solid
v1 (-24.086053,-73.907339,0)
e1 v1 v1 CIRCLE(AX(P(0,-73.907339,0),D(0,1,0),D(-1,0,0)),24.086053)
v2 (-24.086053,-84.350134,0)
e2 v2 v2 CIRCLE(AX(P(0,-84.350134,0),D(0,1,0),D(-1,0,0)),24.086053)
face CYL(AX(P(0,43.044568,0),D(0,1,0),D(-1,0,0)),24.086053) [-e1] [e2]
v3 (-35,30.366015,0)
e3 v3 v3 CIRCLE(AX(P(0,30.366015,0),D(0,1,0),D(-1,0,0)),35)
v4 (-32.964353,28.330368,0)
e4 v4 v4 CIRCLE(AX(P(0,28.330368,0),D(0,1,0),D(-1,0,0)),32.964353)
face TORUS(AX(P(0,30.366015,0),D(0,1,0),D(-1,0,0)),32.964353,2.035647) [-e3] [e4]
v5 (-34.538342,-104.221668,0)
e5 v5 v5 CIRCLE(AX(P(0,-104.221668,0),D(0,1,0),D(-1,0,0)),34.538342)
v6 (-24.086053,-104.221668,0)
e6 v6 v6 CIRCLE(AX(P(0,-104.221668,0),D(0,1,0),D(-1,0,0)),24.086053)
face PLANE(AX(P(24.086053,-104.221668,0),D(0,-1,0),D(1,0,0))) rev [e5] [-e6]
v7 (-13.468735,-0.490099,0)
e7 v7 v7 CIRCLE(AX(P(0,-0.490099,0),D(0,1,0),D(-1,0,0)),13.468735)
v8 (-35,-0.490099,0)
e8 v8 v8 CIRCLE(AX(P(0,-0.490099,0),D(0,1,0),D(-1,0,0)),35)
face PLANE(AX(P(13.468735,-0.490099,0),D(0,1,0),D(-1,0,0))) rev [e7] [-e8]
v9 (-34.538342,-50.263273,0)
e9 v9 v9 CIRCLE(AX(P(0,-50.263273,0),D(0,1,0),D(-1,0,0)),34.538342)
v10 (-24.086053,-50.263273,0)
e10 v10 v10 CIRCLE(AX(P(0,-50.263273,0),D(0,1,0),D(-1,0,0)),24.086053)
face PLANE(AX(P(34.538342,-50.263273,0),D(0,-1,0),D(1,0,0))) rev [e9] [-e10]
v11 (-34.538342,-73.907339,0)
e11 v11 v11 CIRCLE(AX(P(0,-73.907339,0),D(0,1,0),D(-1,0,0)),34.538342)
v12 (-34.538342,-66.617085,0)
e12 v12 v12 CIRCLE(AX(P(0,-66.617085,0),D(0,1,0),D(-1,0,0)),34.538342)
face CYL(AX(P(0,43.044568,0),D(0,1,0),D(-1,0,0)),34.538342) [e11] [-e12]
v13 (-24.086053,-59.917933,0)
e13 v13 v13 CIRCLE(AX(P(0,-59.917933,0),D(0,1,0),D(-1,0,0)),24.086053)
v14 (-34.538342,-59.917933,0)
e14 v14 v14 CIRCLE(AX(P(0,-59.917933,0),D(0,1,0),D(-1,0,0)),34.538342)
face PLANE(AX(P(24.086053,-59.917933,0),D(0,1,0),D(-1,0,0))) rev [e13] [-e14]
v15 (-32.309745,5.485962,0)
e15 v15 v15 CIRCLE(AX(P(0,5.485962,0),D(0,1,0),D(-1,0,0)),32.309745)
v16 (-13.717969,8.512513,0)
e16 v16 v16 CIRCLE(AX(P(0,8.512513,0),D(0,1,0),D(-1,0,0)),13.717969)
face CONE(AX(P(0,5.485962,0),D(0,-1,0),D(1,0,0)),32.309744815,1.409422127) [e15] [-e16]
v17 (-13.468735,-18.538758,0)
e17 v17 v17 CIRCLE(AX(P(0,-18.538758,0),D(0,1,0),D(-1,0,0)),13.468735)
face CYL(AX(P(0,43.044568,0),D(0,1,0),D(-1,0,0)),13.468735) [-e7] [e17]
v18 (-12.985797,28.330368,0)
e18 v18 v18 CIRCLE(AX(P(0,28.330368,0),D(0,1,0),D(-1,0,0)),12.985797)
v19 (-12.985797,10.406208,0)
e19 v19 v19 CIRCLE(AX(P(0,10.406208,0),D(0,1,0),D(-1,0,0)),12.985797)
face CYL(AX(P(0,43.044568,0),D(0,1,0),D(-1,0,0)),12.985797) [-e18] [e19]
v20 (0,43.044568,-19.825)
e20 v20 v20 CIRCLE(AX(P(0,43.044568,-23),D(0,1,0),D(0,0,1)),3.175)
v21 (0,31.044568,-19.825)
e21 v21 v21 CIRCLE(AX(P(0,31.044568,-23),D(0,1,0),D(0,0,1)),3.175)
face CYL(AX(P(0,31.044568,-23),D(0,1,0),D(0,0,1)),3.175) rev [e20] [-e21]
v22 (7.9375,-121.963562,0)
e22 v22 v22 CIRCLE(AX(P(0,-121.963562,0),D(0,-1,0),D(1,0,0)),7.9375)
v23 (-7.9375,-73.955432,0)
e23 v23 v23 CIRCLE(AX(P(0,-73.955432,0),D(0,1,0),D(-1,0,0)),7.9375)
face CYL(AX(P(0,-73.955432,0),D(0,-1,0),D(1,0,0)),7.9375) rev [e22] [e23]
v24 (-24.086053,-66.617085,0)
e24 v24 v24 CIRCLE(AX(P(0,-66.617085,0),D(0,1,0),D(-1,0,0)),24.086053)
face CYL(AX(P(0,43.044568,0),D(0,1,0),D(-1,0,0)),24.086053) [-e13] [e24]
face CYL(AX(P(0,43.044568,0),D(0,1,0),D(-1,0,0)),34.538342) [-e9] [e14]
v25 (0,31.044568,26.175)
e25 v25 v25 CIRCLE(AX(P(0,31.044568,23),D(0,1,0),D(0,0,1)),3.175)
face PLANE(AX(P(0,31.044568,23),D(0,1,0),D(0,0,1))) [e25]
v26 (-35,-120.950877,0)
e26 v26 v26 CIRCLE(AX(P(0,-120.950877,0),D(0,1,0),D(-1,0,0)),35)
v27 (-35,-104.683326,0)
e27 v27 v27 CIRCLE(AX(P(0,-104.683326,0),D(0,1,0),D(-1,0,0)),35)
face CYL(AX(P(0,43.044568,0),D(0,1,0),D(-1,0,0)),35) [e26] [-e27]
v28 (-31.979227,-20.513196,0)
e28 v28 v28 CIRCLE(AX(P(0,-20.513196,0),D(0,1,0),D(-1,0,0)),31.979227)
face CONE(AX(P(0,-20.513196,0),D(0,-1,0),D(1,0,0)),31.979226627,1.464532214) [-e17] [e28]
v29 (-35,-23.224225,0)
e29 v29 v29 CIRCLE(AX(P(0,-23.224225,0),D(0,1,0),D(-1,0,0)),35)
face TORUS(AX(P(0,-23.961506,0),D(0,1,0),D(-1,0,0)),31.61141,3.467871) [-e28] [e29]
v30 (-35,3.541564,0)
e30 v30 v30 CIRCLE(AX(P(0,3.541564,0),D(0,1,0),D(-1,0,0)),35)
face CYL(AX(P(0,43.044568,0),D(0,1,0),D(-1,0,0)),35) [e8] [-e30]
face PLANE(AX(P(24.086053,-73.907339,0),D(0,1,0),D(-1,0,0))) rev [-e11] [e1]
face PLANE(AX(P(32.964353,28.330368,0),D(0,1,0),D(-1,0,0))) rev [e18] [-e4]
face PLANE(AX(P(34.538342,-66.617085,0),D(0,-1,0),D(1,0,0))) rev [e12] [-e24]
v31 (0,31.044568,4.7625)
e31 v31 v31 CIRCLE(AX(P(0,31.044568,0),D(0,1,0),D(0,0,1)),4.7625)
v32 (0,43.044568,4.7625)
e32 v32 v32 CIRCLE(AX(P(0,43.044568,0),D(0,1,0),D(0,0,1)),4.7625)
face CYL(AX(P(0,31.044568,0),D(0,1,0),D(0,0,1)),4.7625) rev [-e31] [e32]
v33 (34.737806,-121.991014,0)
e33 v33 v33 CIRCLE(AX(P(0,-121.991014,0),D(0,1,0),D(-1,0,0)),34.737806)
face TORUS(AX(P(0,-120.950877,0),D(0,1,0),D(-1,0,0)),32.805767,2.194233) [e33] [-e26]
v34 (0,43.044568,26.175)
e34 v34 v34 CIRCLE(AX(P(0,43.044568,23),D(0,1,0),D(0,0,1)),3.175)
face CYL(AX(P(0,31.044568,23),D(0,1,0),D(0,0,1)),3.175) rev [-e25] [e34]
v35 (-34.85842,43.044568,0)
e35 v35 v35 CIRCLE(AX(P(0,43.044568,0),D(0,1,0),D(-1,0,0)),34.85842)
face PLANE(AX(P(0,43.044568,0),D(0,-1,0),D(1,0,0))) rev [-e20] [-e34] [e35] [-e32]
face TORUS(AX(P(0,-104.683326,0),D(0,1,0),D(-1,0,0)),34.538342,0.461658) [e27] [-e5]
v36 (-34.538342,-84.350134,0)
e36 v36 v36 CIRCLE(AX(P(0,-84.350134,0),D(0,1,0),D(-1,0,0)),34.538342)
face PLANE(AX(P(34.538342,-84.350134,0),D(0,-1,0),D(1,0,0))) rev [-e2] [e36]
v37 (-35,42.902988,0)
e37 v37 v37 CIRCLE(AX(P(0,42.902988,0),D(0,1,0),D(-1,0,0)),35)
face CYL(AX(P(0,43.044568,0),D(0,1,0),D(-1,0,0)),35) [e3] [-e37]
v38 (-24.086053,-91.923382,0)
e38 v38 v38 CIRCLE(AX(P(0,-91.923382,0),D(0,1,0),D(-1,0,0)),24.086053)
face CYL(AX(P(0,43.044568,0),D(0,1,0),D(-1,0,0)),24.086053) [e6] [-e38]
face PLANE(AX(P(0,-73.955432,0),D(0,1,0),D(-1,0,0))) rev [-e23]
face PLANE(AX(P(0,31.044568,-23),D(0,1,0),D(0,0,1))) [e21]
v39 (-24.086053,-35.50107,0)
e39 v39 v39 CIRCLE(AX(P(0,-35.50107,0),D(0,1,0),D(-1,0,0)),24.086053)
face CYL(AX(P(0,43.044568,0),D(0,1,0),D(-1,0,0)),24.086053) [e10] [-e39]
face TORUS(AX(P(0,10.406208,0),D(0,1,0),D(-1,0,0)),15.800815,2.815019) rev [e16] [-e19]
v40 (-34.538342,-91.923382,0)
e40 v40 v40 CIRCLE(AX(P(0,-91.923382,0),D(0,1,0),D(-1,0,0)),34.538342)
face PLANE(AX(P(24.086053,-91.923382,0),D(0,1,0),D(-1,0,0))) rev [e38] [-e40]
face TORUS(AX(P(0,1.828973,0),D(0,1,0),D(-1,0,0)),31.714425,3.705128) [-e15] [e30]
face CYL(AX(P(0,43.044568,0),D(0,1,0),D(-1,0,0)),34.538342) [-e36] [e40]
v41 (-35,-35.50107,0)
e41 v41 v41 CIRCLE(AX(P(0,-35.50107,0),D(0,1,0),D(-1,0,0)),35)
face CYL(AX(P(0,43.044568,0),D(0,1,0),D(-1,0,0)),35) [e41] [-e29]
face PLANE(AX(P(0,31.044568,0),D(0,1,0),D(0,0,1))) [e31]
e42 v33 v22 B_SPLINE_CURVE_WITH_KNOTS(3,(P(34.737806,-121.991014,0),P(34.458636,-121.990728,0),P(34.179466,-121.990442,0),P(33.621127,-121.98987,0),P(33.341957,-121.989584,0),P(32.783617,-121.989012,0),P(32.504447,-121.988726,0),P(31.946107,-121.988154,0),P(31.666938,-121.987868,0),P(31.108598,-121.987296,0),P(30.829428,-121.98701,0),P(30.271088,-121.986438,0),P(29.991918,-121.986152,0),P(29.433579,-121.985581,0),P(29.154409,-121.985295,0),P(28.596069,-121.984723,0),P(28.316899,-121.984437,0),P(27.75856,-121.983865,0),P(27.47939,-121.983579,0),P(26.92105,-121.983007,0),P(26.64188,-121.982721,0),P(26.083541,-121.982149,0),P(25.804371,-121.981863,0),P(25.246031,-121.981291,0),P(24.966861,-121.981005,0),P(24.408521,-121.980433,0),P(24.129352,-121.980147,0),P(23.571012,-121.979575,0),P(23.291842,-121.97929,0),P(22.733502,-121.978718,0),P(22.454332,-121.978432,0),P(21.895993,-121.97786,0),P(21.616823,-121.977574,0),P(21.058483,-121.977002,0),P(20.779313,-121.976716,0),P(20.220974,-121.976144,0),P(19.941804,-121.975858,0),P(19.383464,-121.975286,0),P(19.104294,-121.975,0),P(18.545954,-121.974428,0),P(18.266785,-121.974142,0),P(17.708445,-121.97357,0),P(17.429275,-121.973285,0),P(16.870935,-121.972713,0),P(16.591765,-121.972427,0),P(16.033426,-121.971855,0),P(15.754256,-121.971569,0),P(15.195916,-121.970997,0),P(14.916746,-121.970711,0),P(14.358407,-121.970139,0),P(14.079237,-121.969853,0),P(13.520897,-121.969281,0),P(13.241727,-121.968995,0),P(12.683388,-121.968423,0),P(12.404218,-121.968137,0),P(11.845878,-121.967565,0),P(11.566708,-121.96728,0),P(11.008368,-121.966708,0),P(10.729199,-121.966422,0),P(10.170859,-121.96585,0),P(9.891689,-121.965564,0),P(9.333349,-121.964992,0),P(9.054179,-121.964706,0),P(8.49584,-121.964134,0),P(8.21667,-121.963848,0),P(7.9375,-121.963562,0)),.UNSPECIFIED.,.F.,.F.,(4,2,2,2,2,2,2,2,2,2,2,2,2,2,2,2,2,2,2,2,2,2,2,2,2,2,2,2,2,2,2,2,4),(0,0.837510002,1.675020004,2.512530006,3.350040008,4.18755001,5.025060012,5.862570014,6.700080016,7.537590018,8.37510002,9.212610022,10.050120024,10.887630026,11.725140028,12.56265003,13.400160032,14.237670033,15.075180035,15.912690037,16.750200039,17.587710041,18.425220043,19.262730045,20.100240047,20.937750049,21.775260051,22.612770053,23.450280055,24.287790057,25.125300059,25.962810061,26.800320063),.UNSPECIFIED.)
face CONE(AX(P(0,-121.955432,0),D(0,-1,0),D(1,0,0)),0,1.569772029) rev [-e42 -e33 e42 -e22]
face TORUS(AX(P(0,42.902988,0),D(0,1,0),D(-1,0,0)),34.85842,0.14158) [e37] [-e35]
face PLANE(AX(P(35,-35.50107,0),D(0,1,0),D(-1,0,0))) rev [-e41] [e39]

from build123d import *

# Parameters (mm, degrees)
CROQUIS2_R            = 3.175
CORTAR_EXTRUIR2_DEPTH = 12
CROQUIS6_R            = 4.7625
CORTAR_EXTRUIR4_DEPTH = 12
CROQUIS11_R           = 7.9375
CORTAR_EXTRUIR7_DEPTH = 53


with BuildPart() as part:
    # Croquis1 → Revolución3 (revolve)
    with BuildSketch(Plane.XY, mode=Mode.PRIVATE) as revoluci_n3_sk:
        with BuildLine():
            Line((0, 43.044568245), (34.858419682, 43.044568245))
            ThreePointArc((34.858419682, 43.044568245), (34.958532085, 43.00310033), (35, 42.902987927))
            Line((35, 42.902987927), (35, 30.36601493))
            ThreePointArc((35, 30.36601493), (34.403772828, 28.926595206), (32.964353105, 28.330368034))
            Line((32.964353105, 28.330368034), (12.985796912, 28.330368034))
            Line((12.985796912, 28.330368034), (12.985796912, 10.406207601))
            ThreePointArc((12.985796912, 10.406207601), (13.175212613, 9.391052882), (13.717969076, 8.512512712))
            Line((13.717969076, 8.512512712), (32.309744815, 5.485961945))
            ThreePointArc((32.309744815, 5.485961945), (33.884795273, 4.831882369), (35, 3.541563627))
            Line((35, 3.541563627), (35, -0.490098714))
            Line((35, -0.490098714), (13.468735488, -0.490098714))
            Line((13.468735488, -0.490098714), (13.468735488, -18.538757946))
            Line((13.468735488, -18.538757946), (31.979226627, -20.513196287))
            ThreePointArc((31.979226627, -20.513196287), (33.927671218, -21.380602851), (35, -23.224224681))
            Line((35, -23.224224681), (35, -35.501069654))
            Line((35, -35.501069654), (24.086053365, -35.501069654))
            Line((24.086053365, -35.501069654), (24.086053365, -50.263273296))
            Line((24.086053365, -50.263273296), (34.538342083, -50.263273296))
            Line((34.538342083, -50.263273296), (34.538342083, -59.917933312))
            Line((34.538342083, -59.917933312), (24.086053365, -59.917933312))
            Line((24.086053365, -59.917933312), (24.086053365, -66.61708516))
            Line((24.086053365, -66.61708516), (34.538342083, -66.61708516))
            Line((34.538342083, -66.61708516), (34.538342083, -73.907338641))
            Line((34.538342083, -73.907338641), (24.086053365, -73.907338641))
            Line((24.086053365, -73.907338641), (24.086053365, -84.350134169))
            Line((24.086053365, -84.350134169), (34.538342083, -84.350134169))
            Line((34.538342083, -84.350134169), (34.538342083, -91.92338166))
            Line((34.538342083, -91.92338166), (24.086053365, -91.92338166))
            Line((24.086053365, -91.92338166), (24.086053365, -104.221668074))
            Line((24.086053365, -104.221668074), (34.538342083, -104.221668074))
            ThreePointArc((34.538342083, -104.221668074), (34.864783527, -104.356884547), (35, -104.683325991))
            Line((35, -104.683325991), (35, -120.950877143))
            ThreePointArc((35, -120.950877143), (34.933442046, -121.487214162), (34.737806004, -121.991013624))
            Line((34.737806004, -121.991013624), (0, -121.955431755))
            Line((0, -121.955431755), (0, 43.044568245))
        make_face()
    revolve(revoluci_n3_sk.sketch.rotate(Axis((0, 43.044568245, 0), (0, -1, 0)), 180), axis=Axis((0, 43.044568245, 0), (0, -1, 0)))

    # Croquis2 → Cortar-Extruir2 (cut)
    with BuildSketch(Plane(origin=(0, 43.044568245, 0), x_dir=(1, 0, 0), z_dir=(0, 1, 0))):
        with Locations(Location((0, 23, 0), (0, 0, 270))):
            Circle(CROQUIS2_R)
        with Locations(Location((0, -23, 0), (0, 0, 270))):
            Circle(CROQUIS2_R)
    extrude(amount=-CORTAR_EXTRUIR2_DEPTH, mode=Mode.SUBTRACT)

    # Croquis6 → Cortar-Extruir4 (cut)
    with BuildSketch(Plane(origin=(0, 43.044568245, 0), x_dir=(1, 0, 0), z_dir=(0, 1, 0))):
        with Locations(Location((0, 0, 0), (0, 0, 270))):
            Circle(CROQUIS6_R)
    extrude(amount=-CORTAR_EXTRUIR4_DEPTH, mode=Mode.SUBTRACT)

    # Croquis11 → Cortar-Extruir7 (cut)
    with BuildSketch(Plane(origin=(0, -126.955431755, 0), x_dir=(1, 0, 0), z_dir=(0, 1, 0))):
        Circle(CROQUIS11_R)
    extrude(amount=CORTAR_EXTRUIR7_DEPTH, mode=Mode.SUBTRACT)


solid = part.part
